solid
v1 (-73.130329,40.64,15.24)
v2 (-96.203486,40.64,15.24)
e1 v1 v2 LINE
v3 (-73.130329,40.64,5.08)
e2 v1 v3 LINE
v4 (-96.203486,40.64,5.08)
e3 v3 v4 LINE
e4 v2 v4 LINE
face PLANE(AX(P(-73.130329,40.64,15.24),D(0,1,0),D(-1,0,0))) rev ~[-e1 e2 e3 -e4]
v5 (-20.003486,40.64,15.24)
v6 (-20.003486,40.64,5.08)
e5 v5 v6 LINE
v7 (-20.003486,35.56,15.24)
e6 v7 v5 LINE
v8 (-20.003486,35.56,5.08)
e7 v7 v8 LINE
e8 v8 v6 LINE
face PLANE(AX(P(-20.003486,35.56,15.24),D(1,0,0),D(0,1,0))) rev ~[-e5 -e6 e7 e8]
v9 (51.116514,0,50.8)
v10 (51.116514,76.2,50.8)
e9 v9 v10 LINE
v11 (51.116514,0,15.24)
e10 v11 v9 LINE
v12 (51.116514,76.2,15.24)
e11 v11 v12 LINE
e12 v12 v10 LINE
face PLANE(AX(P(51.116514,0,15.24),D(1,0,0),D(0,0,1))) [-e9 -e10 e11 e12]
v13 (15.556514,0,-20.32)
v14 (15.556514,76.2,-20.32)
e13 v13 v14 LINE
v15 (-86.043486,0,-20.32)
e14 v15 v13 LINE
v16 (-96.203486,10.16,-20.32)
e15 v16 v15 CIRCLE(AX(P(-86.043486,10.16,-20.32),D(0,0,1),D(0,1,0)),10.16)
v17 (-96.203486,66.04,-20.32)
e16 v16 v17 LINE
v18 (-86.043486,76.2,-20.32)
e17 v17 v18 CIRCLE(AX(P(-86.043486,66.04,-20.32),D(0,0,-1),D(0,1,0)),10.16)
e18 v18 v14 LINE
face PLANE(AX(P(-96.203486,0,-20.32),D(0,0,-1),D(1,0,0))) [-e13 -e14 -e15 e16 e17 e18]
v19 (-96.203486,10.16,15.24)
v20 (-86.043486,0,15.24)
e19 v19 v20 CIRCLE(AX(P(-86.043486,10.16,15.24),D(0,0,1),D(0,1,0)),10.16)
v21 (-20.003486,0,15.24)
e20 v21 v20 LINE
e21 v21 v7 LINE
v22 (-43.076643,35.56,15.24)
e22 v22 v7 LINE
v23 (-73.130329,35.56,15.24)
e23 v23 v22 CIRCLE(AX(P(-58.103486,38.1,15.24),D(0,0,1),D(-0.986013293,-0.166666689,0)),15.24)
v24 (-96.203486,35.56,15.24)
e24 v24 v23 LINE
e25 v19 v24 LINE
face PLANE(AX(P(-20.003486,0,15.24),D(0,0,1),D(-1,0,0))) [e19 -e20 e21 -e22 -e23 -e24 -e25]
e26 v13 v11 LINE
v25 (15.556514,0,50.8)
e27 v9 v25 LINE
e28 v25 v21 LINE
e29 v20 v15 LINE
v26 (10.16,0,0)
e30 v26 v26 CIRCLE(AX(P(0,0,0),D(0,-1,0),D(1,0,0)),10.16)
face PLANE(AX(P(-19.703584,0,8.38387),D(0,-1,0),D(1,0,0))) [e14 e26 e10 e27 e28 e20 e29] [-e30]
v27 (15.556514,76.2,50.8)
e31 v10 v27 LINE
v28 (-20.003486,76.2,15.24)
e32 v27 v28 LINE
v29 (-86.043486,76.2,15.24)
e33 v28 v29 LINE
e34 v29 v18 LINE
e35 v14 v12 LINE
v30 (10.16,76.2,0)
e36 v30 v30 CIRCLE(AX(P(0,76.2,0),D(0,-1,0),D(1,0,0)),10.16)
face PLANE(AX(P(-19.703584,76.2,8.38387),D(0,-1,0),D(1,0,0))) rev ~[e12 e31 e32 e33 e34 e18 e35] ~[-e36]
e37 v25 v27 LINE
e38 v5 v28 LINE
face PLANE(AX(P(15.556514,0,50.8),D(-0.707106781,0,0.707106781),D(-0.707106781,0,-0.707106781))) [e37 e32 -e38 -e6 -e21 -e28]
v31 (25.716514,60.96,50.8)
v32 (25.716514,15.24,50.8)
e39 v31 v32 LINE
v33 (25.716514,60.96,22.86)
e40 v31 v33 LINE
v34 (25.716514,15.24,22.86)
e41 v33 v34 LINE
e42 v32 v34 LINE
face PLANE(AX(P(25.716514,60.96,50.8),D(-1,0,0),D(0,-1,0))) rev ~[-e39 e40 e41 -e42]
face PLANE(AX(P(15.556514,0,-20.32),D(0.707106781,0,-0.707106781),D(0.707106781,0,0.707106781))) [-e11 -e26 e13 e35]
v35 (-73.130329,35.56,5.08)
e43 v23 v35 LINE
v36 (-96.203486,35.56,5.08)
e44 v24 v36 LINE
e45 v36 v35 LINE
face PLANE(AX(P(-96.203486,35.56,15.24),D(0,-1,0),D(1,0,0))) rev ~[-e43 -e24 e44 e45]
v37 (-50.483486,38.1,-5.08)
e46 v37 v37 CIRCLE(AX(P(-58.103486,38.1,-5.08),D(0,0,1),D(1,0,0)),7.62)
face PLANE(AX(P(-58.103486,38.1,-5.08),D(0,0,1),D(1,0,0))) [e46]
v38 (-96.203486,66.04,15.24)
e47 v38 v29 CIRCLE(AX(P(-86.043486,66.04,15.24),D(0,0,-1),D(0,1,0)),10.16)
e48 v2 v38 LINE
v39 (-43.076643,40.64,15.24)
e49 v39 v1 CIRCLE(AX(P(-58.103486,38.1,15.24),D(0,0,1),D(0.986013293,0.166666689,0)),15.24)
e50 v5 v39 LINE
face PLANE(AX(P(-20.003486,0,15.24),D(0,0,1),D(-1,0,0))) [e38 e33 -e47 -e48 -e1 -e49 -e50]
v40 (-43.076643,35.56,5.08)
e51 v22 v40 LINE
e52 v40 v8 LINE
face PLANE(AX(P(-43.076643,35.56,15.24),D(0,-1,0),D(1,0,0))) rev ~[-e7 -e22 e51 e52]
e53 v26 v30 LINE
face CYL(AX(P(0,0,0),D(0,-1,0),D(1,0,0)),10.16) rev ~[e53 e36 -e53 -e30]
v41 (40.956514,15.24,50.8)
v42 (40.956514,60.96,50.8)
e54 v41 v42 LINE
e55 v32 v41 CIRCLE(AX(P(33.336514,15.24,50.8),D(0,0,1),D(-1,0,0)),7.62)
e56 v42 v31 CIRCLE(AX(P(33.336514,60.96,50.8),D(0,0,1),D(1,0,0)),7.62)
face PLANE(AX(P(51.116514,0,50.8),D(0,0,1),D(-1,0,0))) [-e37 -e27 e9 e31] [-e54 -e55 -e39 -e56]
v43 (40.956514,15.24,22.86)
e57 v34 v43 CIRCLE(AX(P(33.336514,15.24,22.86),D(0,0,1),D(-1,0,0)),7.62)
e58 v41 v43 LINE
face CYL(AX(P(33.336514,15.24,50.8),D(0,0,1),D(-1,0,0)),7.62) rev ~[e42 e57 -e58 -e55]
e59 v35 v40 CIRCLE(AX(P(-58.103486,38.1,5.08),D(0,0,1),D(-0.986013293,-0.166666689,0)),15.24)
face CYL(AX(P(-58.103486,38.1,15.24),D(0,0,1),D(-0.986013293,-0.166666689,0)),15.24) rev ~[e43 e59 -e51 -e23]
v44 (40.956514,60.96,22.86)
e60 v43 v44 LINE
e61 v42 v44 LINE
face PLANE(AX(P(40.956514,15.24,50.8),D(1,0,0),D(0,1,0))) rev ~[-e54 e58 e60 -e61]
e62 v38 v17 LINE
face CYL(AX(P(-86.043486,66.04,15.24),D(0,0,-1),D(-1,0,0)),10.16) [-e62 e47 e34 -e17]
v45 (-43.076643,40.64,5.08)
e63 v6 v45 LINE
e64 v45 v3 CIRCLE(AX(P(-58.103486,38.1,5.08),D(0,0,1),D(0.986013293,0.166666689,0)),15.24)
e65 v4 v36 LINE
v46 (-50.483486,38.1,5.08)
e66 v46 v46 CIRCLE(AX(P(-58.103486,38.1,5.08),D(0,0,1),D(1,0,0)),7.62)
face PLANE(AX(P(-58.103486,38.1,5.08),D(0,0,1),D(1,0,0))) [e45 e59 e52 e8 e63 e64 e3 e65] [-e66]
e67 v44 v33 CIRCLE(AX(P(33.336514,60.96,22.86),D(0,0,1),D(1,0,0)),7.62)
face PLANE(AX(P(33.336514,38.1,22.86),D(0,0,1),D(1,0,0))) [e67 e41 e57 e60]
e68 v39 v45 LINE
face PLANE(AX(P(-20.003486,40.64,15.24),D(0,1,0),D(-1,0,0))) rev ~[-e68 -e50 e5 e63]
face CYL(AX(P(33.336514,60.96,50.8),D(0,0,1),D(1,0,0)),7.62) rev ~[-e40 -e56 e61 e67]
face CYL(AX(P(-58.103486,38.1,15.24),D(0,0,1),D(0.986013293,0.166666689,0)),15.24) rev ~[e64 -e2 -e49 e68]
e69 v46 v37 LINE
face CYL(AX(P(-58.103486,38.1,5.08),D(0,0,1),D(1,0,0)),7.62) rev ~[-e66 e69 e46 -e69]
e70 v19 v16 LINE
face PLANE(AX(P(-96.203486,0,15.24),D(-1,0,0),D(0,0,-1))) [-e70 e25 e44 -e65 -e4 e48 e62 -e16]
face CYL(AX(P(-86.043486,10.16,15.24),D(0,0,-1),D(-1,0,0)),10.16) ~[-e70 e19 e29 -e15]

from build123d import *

# Parameters (mm, degrees)
F0_R     = 10.16
F1_DEPTH = 76.2
F3_DEPTH = 27.94
F5_DEPTH = 10.16
F6_R     = 7.62
F7_DEPTH = 10.16
F8_R     = 10.16


with BuildPart() as f1:
    # F0 (on Front) → F1 (new body)
    with BuildSketch(Plane.XZ):
        Polygon((-96.203486, 15.24), (-96.203486, -20.32), (15.556514, -20.32), (51.116514, 15.24), (51.116514, 50.8), (15.556514, 50.8), (-20.003486, 15.24), align=None)
        Circle(F0_R, mode=Mode.SUBTRACT)
    extrude(amount=-F1_DEPTH)

    # F2 (on face) → F3 (cut)
    with BuildSketch(Plane.XY.offset(50.8)):
        with BuildLine():
            ThreePointArc((25.716514, 15.24), (33.336514, 7.62), (40.956514, 15.24))
            Line((40.956514, 15.24), (40.956514, 60.96))
            ThreePointArc((40.956514, 60.96), (33.336514, 68.58), (25.716514, 60.96))
            Line((25.716514, 60.96), (25.716514, 15.24))
        make_face()
    extrude(amount=-F3_DEPTH, mode=Mode.SUBTRACT)

    # F4 (on face) → F5 (cut)
    with BuildSketch(Plane.XY.offset(15.24)):
        with BuildLine():
            Line((-20.003486, 40.64), (-43.076643, 40.64))
            ThreePointArc((-43.076643, 40.64), (-58.103486, 53.34), (-73.130329, 40.64))
            Line((-73.130329, 40.64), (-96.203486, 40.64))
            Line((-96.203486, 40.64), (-96.203486, 35.56))
            Line((-96.203486, 35.56), (-73.130329, 35.56))
            ThreePointArc((-73.130329, 35.56), (-58.103486, 22.86), (-43.076643, 35.56))
            Line((-43.076643, 35.56), (-20.003486, 35.56))
            Line((-20.003486, 35.56), (-20.003486, 40.64))
        make_face()
    extrude(amount=-F5_DEPTH, mode=Mode.SUBTRACT)

    # F6 (on face) → F7 (cut)
    with BuildSketch(Plane.XY.offset(5.08)):
        with Locations((-58.103486, 38.1)):
            Circle(F6_R)
    extrude(amount=-F7_DEPTH, mode=Mode.SUBTRACT)

    # F8
    f8_edges = [f1.edges().sort_by_distance(p)[0] for p in [
        (-96.203486, 0, -2.54),
        (-96.203486, 76.2, -2.54),
    ]]
    fillet(f8_edges, radius=F8_R)


solid = f1.part
